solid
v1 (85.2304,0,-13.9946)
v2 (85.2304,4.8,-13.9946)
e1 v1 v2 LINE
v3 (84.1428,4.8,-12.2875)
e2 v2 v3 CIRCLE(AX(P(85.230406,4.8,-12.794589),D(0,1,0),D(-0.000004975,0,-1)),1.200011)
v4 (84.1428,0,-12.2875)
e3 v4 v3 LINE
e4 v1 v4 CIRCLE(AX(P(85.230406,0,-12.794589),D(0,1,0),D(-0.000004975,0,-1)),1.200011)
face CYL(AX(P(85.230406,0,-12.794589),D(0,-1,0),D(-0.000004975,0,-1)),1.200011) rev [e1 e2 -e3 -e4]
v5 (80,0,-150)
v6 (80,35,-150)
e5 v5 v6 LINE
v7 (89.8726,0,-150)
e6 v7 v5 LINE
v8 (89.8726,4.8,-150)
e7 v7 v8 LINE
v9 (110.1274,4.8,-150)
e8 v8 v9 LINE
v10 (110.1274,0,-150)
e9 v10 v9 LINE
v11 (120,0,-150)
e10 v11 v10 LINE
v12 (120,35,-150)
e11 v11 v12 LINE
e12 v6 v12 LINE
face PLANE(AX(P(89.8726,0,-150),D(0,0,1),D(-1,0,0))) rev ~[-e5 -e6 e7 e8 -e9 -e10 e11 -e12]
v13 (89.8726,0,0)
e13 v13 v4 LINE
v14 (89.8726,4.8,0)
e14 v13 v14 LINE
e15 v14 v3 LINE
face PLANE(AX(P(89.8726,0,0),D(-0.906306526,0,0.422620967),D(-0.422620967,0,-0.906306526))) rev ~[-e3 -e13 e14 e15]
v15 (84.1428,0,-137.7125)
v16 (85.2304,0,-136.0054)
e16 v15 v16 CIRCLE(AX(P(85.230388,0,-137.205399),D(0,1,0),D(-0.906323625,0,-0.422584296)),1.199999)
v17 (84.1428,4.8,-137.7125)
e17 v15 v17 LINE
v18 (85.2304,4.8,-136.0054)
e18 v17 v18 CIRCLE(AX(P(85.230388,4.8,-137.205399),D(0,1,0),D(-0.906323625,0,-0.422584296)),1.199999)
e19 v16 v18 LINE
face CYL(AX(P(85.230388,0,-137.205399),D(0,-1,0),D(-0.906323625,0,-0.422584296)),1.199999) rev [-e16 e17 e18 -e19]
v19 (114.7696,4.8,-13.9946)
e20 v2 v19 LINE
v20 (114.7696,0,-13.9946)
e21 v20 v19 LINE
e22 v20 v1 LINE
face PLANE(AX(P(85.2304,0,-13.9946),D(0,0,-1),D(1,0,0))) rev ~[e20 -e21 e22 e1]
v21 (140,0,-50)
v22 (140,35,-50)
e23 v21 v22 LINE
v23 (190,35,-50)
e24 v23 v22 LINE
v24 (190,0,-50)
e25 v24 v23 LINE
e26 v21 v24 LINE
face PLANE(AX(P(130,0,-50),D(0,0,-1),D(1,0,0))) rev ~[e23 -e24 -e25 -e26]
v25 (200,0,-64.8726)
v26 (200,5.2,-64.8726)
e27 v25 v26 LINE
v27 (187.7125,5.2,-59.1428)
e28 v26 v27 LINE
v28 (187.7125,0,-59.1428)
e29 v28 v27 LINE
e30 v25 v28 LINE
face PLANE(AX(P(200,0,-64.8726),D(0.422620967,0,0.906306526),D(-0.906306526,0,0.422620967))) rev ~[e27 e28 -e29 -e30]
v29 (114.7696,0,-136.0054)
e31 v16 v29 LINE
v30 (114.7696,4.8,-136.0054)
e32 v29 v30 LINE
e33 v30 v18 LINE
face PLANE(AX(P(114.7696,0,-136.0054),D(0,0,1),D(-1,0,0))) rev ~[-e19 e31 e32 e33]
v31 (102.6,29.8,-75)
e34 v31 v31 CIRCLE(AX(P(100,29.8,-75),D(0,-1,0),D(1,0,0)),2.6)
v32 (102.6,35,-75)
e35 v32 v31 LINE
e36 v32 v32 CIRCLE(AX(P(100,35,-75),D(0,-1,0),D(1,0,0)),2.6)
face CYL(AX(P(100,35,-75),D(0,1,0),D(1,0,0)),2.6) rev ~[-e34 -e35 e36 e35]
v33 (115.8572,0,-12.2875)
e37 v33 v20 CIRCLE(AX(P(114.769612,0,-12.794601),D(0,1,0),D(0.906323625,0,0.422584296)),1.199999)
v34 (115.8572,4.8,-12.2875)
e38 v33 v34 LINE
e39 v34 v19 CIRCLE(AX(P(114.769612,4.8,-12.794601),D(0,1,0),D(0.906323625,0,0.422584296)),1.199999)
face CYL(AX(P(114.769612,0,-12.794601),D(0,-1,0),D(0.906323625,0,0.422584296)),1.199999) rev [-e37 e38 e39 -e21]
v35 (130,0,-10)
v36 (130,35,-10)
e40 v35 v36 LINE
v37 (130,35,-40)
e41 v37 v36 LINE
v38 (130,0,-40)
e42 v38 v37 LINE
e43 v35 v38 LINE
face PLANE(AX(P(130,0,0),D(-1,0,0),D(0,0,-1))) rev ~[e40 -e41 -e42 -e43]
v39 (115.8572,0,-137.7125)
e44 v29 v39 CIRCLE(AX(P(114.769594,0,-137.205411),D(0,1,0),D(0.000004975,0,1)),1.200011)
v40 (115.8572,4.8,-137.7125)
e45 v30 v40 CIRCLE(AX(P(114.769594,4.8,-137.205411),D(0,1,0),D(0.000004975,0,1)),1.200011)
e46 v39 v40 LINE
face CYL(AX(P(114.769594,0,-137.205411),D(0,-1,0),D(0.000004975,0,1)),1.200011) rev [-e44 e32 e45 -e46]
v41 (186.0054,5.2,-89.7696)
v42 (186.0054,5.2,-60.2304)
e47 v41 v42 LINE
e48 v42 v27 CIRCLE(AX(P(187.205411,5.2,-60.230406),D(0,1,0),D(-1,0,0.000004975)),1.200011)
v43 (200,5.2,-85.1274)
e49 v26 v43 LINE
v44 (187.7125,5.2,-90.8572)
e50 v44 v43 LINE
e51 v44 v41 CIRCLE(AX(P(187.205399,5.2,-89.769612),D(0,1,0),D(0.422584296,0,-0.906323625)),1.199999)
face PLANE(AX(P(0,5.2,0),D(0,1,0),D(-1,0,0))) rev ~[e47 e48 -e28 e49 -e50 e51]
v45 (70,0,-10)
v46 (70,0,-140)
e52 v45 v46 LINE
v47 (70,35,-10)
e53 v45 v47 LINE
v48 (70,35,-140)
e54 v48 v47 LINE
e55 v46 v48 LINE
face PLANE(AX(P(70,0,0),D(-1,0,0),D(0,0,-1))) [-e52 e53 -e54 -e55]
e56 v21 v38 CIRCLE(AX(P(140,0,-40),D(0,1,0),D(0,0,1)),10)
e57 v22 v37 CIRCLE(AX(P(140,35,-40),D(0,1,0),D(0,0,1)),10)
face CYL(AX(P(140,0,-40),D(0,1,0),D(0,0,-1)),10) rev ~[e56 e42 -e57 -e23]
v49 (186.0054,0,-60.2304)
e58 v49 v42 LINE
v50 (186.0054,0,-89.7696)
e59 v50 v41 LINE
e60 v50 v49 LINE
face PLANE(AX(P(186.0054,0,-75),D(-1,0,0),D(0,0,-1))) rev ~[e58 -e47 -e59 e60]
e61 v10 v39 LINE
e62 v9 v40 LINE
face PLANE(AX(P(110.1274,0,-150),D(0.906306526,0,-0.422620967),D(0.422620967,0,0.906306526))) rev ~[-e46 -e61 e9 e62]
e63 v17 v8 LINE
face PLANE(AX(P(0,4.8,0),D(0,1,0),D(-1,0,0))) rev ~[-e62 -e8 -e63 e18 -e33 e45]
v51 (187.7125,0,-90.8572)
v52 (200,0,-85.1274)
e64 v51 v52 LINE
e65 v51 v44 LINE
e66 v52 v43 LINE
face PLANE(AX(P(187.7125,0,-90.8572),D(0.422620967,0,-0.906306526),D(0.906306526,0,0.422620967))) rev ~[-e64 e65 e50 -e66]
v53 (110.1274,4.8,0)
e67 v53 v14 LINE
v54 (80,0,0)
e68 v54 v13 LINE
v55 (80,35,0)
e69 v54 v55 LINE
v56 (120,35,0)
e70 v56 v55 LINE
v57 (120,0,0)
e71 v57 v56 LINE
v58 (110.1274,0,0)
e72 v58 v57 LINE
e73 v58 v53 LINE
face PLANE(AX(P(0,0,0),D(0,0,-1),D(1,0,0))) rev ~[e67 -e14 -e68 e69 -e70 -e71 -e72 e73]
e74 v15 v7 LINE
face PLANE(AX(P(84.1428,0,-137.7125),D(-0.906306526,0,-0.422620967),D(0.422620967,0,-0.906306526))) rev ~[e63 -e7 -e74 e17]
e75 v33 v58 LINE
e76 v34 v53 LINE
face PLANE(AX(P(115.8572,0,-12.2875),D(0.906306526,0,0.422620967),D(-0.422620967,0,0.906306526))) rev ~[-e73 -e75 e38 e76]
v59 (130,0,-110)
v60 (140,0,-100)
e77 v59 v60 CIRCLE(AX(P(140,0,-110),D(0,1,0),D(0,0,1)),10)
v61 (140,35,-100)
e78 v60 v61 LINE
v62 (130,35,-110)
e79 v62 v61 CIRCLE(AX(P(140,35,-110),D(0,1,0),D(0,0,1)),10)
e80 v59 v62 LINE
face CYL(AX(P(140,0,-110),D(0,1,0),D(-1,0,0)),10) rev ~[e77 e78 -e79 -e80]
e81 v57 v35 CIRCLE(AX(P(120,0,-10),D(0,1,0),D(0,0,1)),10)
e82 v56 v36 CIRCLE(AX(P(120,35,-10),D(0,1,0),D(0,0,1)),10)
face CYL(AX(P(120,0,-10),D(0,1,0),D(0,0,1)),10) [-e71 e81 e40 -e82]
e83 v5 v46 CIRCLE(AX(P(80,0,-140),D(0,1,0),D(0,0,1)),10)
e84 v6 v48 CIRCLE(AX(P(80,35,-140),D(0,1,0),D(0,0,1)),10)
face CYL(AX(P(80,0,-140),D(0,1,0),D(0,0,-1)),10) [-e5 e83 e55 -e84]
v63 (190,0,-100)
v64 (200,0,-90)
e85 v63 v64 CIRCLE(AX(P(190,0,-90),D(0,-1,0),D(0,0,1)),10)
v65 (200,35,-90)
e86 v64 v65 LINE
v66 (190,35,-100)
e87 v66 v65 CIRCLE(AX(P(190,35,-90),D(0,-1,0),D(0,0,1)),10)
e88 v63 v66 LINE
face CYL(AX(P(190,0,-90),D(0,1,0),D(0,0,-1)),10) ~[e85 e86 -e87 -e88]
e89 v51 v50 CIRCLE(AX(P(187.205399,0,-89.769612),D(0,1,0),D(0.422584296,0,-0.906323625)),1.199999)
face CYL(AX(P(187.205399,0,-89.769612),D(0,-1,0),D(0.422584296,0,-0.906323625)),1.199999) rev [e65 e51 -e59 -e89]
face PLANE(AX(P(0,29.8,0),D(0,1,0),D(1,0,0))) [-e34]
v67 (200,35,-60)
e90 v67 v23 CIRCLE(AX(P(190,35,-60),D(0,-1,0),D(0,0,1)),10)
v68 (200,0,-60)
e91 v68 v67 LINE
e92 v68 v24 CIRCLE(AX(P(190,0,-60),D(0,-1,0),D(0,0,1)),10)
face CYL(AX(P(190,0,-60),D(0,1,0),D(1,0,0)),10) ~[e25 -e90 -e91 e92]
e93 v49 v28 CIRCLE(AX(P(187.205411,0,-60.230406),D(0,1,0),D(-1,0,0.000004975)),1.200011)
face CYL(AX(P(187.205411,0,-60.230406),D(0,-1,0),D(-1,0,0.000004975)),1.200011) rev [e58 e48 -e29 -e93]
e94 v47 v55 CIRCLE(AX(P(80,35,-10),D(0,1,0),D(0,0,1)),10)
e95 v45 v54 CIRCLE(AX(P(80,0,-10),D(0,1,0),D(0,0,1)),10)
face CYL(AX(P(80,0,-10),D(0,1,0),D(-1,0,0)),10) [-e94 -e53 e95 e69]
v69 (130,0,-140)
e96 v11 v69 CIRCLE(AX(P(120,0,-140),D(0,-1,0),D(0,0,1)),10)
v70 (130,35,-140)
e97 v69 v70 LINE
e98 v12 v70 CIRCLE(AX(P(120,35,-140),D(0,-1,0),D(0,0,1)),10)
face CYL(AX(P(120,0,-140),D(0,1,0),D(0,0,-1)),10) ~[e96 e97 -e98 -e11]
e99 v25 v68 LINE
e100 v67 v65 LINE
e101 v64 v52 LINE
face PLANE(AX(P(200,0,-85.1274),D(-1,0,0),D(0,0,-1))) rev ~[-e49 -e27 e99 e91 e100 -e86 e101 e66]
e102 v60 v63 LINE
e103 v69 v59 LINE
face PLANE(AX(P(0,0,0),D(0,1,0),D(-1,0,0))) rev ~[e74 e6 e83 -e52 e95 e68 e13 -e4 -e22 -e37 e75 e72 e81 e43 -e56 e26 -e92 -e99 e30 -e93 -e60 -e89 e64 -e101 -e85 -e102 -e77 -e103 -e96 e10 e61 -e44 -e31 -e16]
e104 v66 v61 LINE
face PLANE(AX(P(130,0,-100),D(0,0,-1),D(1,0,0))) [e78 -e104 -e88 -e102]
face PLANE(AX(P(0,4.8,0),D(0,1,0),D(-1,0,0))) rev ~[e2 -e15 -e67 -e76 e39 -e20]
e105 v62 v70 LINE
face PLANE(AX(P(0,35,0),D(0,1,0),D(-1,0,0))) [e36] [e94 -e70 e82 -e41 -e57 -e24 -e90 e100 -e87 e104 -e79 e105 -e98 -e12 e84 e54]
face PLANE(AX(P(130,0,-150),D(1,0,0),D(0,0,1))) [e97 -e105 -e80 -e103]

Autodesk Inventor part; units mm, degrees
ref_plane "YZ Plane" through (0, 0, 0) normal (1, 0, 0) x (0, 1, 0)
ref_plane "XZ Plane" through (0, 0, 0) normal (0, 1, 0) x (-1, 0, 0)
ref_plane "XY Plane" through (0, 0, 0) normal (0, 0, 1) x (1, 0, 0)
sketch "Sketch1" plane through (0, 0, 0) normal (0, 1, 0) x (-1, 0, 0)
  line L0 (0, 0) -> (-200, 0)
  line L1 (-200, 0) -> (-200, -150)
  line L2 (-200, -150) -> (0, -150)
  line L3 (0, -150) -> (0, 0)
  line L4 (-109.8726, -150) -> (-90.1274, -150)
  line L5 (-200, -85.1274) -> (-200, -64.8726)
  line L6 (-186.0054, -60.2304) -> (-186.0054, -75)
  line L7 (-200, -64.8726) -> (-187.7125, -59.1428)
  arc A0 (-186.0054, -60.2304) -> (-187.7125, -59.1428) centre (-187.2054, -60.2304) ccw
  line L8 (-186.0054, -75) -> (-186.0054, -89.7696)
  line L9 (-199.8, -85) -> (-186.3697, -85) construction
  arc A1 (-187.7125, -90.8572) -> (-186.0054, -89.7696) centre (-187.2054, -89.7696) ccw
  line L10 (-187.7125, -90.8572) -> (-200, -85.1274)
  line L11 (-89.8726, -150) -> (-110.1274, -150)
  line L12 (-114.7696, -136.0054) -> (-100, -136.0054)
  line L13 (-110.1274, -150) -> (-115.8572, -137.7125)
  arc A2 (-114.7696, -136.0054) -> (-115.8572, -137.7125) centre (-114.7696, -137.2054) ccw
  line L14 (-100, -136.0054) -> (-85.2304, -136.0054)
  line L15 (-90, -149.8) -> (-90, -136.3697) construction
  arc A3 (-84.1428, -137.7125) -> (-85.2304, -136.0054) centre (-85.2304, -137.2054) ccw
  line L16 (-84.1428, -137.7125) -> (-89.8726, -150)
  line L17 (-90.1274, 0) -> (-109.8726, 0)
  line L18 (-85.2304, -13.9946) -> (-100, -13.9946)
  arc A4 (-115.8572, -12.2875) -> (-114.7696, -13.9946) centre (-114.7696, -12.7946) ccw
  arc A5 (-85.2304, -13.9946) -> (-84.1428, -12.2875) centre (-85.2304, -12.7946) ccw
  line L19 (-89.8726, 0) -> (-84.1428, -12.2875)
  line L20 (-110.1274, 0) -> (-89.8726, 0)
  line L21 (-110, -0.2) -> (-110, -13.6303) construction
  line L22 (-115.8572, -12.2875) -> (-110.1274, 0)
  line L23 (-100, -13.9946) -> (-114.7696, -13.9946)
  point P0 (-100, -150)
  point P1 (-100, -150)
  point P2 (-100, -150)
  point P3 (-100, -150)
  point P4 (-200, -75)
  point P5 (-186.2054, -91.3393)
  point P6 (-200, -75)
  point P7 (-200, -75)
  point P8 (-100, -150)
  point P9 (-83.6607, -136.2054)
  point P10 (-100, 0)
  point P11 (-116.3393, -13.7946)
  point P12 (-100, 0)
  point P13 (-100, 0)
  dimension "d0" = 200
  dimension "d1" = 150
  dimension "d2" = 15
  dimension "d13" = 15
  dimension "d14" = 15
extrude "Extrusion1" add sketch "Sketch1" along normal blind 35
extrude "Extrusion2" cut sketch "Sketch1" along normal blind 5.2 contours L7 A0 L6 L8 A1 L10 L1
sketch "Sketch2" plane through (0, 35, 0) normal (0, 1, 0) x (1, 0, 0)
  line L0 (0, 150) -> (0, 0) projected
  line L1 (0, 75) -> (100, 75)
  circle A0 centre (100, 75) radius 2.6
  dimension "d9" = 100
  dimension "d10" = 5.2
extrude "Extrusion4" cut sketch "Sketch2" against normal blind 5.2
extrude "Extrusion5" cut sketch "Sketch1" along normal blind 4.8 contours L19 A5 L18 L23 A4 L22 L0 | L2 L13 A2 L12 L14 A3 L16
sketch "Sketch3" plane through (0, 0, 0) normal (0, -1, 0) x (1, 0, 0)
  line L0 (200, -150) -> (0, -150) projected
  line L1 (0, 0) -> (70, 0)
  line L2 (70, 0) -> (70, -150)
  line L3 (70, -150) -> (0, -150)
  line L4 (0, -150) -> (0, 0)
  line L5 (200, 0) -> (200, -64.8726) projected
  line L6 (200, 0) -> (130, 0)
  line L7 (130, 0) -> (130, -50)
  line L8 (130, -50) -> (200, -50)
  line L9 (200, -50) -> (200, 0)
  line L10 (200, -150) -> (130, -150)
  line L11 (130, -150) -> (130, -100)
  line L12 (130, -100) -> (200, -100)
  line L13 (200, -100) -> (200, -150)
  dimension "d17" = 70
  dimension "d18" = 70
  dimension "d19" = 50
  dimension "d20" = 70
  dimension "d21" = 50
extrude "Extrusion6" cut sketch "Sketch3" against normal blind 40
fillet "Fillet1" radius 10 8 edges at (130, 17.5, -50) (200, 17.5, -50) (200, 17.5, -100) (130, 17.5, 0) (70, 17.5, 0) (70, 17.5, -150) (130, 17.5, -150) (130, 17.5, -100)
properties part number "Area mv"
